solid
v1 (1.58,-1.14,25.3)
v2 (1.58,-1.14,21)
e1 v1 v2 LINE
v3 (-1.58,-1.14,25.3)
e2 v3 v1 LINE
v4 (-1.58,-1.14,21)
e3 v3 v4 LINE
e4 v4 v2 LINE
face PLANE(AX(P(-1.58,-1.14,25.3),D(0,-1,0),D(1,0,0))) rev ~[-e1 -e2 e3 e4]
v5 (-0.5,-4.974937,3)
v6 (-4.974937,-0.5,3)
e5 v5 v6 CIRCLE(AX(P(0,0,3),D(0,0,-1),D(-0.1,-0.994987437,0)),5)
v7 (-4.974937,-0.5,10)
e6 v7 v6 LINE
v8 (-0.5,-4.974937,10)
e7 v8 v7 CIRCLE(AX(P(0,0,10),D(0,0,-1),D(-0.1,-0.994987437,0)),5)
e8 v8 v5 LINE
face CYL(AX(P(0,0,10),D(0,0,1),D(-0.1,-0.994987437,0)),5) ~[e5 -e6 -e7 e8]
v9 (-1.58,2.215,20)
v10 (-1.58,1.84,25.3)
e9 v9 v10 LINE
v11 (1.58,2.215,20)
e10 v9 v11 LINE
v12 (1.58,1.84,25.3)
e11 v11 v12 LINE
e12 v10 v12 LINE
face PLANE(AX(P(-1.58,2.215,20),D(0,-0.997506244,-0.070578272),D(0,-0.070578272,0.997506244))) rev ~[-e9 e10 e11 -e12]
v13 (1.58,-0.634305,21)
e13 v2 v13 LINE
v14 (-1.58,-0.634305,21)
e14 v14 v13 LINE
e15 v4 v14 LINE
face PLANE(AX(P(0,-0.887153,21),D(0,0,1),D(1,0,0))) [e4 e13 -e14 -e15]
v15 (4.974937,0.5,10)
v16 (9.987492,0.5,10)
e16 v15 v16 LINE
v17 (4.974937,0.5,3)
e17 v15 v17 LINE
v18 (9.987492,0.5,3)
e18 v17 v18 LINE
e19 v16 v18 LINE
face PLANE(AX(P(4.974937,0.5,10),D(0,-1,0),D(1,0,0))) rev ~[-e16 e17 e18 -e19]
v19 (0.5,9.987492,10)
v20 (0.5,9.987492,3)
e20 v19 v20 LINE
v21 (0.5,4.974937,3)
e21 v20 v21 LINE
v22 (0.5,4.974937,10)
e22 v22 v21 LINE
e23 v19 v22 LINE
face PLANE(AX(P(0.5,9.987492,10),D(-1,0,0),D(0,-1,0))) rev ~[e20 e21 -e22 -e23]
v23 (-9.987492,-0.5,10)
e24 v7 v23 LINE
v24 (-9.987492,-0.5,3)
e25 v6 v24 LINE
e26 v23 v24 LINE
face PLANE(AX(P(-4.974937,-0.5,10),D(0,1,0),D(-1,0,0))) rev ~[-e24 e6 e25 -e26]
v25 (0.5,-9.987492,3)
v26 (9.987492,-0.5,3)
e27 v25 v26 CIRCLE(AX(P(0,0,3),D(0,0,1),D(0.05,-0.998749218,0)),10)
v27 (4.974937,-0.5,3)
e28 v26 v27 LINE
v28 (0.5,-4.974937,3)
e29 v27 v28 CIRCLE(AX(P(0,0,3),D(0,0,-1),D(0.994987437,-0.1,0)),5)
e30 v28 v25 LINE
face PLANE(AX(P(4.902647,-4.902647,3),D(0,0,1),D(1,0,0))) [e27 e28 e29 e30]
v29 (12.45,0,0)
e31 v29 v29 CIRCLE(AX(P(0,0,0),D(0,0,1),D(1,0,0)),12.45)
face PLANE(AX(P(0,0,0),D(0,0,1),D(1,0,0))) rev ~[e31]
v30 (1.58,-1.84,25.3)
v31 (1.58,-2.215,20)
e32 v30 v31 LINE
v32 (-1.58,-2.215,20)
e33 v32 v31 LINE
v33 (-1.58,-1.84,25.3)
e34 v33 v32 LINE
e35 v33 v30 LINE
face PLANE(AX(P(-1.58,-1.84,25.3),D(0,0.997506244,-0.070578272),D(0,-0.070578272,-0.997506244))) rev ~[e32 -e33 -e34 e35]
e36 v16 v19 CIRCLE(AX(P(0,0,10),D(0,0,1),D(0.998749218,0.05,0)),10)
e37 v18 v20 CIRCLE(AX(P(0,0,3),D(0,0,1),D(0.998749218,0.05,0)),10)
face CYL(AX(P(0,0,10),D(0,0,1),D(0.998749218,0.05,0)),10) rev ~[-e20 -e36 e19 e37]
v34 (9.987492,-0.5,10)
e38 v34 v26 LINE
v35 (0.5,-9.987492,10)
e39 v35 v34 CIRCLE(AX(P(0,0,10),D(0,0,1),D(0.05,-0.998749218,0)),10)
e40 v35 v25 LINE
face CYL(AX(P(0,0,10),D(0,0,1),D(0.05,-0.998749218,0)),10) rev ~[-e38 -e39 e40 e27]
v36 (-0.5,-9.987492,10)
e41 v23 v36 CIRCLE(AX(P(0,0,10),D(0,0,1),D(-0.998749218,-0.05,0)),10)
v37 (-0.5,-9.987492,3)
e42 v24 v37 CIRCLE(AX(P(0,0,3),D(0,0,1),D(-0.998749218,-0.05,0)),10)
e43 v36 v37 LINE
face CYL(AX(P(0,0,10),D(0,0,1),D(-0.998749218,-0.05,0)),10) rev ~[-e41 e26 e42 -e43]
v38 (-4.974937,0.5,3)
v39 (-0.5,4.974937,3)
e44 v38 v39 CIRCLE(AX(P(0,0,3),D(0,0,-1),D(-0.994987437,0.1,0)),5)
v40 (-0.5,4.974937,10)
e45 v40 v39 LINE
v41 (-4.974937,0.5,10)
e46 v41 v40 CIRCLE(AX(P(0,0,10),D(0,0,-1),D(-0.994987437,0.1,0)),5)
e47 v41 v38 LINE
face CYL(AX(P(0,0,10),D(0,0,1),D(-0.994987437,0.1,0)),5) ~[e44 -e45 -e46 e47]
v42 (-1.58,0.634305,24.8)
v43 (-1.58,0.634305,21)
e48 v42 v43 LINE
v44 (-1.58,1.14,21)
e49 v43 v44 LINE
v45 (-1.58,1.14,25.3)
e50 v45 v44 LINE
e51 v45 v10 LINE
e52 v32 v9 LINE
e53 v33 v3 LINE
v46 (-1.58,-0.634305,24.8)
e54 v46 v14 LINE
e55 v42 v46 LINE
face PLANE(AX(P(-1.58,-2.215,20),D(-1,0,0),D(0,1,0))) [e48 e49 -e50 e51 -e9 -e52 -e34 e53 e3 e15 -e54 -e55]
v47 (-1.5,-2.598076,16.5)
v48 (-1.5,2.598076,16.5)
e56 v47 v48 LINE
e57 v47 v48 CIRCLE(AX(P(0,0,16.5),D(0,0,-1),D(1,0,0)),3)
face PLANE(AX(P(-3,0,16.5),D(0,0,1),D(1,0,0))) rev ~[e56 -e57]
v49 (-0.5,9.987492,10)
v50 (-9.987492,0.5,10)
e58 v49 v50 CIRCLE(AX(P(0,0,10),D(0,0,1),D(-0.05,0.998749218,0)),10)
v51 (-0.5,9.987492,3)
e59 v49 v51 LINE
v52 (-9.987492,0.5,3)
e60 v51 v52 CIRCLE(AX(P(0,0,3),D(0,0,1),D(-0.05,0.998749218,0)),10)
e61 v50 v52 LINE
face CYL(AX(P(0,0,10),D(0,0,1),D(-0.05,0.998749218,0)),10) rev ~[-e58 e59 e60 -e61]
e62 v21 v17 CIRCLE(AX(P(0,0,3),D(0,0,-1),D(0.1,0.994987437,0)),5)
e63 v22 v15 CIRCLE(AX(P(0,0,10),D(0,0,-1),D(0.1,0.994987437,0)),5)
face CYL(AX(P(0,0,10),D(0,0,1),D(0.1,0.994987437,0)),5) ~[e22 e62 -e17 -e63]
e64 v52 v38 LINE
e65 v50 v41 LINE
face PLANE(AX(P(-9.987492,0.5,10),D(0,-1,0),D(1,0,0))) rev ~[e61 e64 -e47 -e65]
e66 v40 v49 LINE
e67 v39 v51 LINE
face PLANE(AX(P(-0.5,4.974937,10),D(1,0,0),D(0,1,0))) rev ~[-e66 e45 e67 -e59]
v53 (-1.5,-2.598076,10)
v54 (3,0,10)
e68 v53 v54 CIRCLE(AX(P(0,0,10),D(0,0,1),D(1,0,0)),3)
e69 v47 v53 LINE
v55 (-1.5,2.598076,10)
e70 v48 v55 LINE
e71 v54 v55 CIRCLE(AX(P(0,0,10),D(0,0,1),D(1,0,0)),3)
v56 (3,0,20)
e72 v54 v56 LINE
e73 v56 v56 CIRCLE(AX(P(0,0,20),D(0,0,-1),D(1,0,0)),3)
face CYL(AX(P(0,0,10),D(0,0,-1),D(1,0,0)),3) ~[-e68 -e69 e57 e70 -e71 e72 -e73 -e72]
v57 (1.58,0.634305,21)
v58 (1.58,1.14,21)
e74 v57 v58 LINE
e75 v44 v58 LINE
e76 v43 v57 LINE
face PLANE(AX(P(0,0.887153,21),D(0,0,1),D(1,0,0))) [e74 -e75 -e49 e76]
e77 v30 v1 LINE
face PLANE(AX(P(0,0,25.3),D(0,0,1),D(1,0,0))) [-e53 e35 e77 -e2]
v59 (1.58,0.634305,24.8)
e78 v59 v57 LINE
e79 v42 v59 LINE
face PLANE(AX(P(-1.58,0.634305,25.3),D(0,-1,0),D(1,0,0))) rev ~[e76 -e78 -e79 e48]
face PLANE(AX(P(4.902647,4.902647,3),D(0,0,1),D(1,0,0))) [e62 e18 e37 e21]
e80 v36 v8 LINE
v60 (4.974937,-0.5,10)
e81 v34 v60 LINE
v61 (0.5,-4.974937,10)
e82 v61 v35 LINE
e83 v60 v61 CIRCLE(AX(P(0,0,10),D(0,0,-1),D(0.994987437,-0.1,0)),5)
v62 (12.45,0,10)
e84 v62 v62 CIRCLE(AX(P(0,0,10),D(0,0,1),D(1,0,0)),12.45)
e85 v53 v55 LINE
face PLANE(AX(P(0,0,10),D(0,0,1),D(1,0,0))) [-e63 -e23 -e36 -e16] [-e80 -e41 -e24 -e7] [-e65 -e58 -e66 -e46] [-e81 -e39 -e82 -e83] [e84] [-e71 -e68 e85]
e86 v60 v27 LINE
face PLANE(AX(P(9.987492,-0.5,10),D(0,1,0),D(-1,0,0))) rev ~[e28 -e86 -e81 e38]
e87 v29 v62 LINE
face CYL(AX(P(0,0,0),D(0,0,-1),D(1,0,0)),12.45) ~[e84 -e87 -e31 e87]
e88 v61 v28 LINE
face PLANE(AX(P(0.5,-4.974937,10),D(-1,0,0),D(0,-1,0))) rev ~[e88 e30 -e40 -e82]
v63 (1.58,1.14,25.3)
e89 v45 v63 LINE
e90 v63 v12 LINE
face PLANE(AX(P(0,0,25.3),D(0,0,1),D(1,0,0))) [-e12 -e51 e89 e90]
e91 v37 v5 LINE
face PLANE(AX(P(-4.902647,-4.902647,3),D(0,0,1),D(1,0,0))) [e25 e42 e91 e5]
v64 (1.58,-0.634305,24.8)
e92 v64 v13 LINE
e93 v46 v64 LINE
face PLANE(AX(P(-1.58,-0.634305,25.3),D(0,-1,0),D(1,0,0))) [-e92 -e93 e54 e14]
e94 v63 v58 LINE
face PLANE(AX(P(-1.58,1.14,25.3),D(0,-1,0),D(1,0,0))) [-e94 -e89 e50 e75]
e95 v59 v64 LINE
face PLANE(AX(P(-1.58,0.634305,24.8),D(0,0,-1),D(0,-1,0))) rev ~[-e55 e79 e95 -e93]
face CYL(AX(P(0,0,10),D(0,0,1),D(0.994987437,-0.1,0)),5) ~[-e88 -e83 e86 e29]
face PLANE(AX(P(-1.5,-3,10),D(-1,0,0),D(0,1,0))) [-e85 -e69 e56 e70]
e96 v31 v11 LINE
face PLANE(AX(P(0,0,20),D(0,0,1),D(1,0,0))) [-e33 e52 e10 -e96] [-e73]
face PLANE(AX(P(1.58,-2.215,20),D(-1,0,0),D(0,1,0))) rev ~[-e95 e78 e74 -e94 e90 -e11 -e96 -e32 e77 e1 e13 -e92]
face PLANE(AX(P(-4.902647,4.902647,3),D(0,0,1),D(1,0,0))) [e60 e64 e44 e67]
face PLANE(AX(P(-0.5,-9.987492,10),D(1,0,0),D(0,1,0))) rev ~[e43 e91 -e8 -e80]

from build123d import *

# Parameters (mm, degrees)
F0_R      = 12.45
F1_DEPTH  = 10
F2_R      = 3
F3_DEPTH  = 10
F4_W      = 3
F4_H      = 6
F5_DEPTH  = 6.5
F6_W      = 3.16
F6_H      = 4.43
F7_DEPTH  = 5.3
F8_W      = 3.16
F8_H      = 0.5056946463
F9_DEPTH  = 4.3
F11_DEPTH = 14.031
F12_W     = 1.2686107075
F12_H     = 0.5
F13_DEPTH = 14.031
F14_DEPTH = 7


with BuildPart() as f1:
    # F0 (on Top) → F1 (new body)
    with BuildSketch(Plane.XY):
        Circle(F0_R)
    extrude(amount=F1_DEPTH)

    # F2 (on face) → F3 (join)
    with BuildSketch(Plane.XY.offset(10)):
        Circle(F2_R)
    extrude(amount=F3_DEPTH)

    # F4 (on face) → F5 (cut)
    with BuildSketch(Plane.XY.offset(10)):
        with Locations((-3, 0)):
            Rectangle(F4_W, F4_H)
    extrude(amount=F5_DEPTH, mode=Mode.SUBTRACT)

    # F6 (on face) → F7 (join)
    with BuildSketch(Plane.XY.offset(20)):
        Rectangle(F6_W, F6_H)
    extrude(amount=F7_DEPTH)

    # F8 (on face) → F9 (cut)
    with BuildSketch(Plane.XY.offset(25.3)):
        with Locations((0, 0.8871526769)):
            Rectangle(F8_W, F8_H)
        with Locations((0, -0.8871526769)):
            Rectangle(F8_W, F8_H)
    extrude(amount=-F9_DEPTH, mode=Mode.SUBTRACT)

    # F10 (on face) → F11 (cut, through all)
    with BuildSketch(Plane(origin=(-1.58, 0, 0), x_dir=(0, -1, 0), z_dir=(-1, 0, 0))):
        Polygon((-2.215, 20), (-1.84, 25.3), (-2.215, 25.3), align=None)
        Polygon((1.84, 25.3), (2.215, 20), (2.215, 25.3), align=None)
    extrude(amount=-F11_DEPTH, mode=Mode.SUBTRACT)

    # F12 (on face) → F13 (cut, through all)
    with BuildSketch(Plane(origin=(-1.58, 0, 0), x_dir=(0, -1, 0), z_dir=(-1, 0, 0))):
        with Locations((0, 25.05)):
            Rectangle(F12_W, F12_H)
    extrude(amount=-F13_DEPTH, mode=Mode.SUBTRACT)

    # F2 (on face) → F14 (cut)
    with BuildSketch(Plane.XY.offset(10)):
        with BuildLine():
            Line((4.9749371855, 0.5), (9.9874921777, 0.5))
            ThreePointArc((9.9874921777, 0.5), (7.0710678119, 7.0710678119), (0.5, 9.9874921777))
            Line((0.5, 9.9874921777), (0.5, 4.9749371855))
            ThreePointArc((0.5, 4.9749371855), (3.5355339059, 3.5355339059), (4.9749371855, 0.5))
        make_face()
        with BuildLine():
            ThreePointArc((0.5, -9.9874921777), (7.0710678119, -7.0710678119), (9.9874921777, -0.5))
            Line((9.9874921777, -0.5), (4.9749371855, -0.5))
            ThreePointArc((4.9749371855, -0.5), (3.5355339059, -3.5355339059), (0.5, -4.9749371855))
            Line((0.5, -4.9749371855), (0.5, -9.9874921777))
        make_face()
        with BuildLine():
            Line((-0.5, -9.9874921777), (-0.5, -4.9749371855))
            ThreePointArc((-0.5, -4.9749371855), (-3.5355339059, -3.5355339059), (-4.9749371855, -0.5))
            Line((-4.9749371855, -0.5), (-9.9874921777, -0.5))
            ThreePointArc((-9.9874921777, -0.5), (-7.0710678119, -7.0710678119), (-0.5, -9.9874921777))
        make_face()
        with BuildLine():
            ThreePointArc((-4.9749371855, 0.5), (-3.5355339059, 3.5355339059), (-0.5, 4.9749371855))
            Line((-0.5, 4.9749371855), (-0.5, 9.9874921777))
            ThreePointArc((-0.5, 9.9874921777), (-7.0710678119, 7.0710678119), (-9.9874921777, 0.5))
            Line((-9.9874921777, 0.5), (-4.9749371855, 0.5))
        make_face()
    extrude(amount=-F14_DEPTH, mode=Mode.SUBTRACT)


solid = f1.part
